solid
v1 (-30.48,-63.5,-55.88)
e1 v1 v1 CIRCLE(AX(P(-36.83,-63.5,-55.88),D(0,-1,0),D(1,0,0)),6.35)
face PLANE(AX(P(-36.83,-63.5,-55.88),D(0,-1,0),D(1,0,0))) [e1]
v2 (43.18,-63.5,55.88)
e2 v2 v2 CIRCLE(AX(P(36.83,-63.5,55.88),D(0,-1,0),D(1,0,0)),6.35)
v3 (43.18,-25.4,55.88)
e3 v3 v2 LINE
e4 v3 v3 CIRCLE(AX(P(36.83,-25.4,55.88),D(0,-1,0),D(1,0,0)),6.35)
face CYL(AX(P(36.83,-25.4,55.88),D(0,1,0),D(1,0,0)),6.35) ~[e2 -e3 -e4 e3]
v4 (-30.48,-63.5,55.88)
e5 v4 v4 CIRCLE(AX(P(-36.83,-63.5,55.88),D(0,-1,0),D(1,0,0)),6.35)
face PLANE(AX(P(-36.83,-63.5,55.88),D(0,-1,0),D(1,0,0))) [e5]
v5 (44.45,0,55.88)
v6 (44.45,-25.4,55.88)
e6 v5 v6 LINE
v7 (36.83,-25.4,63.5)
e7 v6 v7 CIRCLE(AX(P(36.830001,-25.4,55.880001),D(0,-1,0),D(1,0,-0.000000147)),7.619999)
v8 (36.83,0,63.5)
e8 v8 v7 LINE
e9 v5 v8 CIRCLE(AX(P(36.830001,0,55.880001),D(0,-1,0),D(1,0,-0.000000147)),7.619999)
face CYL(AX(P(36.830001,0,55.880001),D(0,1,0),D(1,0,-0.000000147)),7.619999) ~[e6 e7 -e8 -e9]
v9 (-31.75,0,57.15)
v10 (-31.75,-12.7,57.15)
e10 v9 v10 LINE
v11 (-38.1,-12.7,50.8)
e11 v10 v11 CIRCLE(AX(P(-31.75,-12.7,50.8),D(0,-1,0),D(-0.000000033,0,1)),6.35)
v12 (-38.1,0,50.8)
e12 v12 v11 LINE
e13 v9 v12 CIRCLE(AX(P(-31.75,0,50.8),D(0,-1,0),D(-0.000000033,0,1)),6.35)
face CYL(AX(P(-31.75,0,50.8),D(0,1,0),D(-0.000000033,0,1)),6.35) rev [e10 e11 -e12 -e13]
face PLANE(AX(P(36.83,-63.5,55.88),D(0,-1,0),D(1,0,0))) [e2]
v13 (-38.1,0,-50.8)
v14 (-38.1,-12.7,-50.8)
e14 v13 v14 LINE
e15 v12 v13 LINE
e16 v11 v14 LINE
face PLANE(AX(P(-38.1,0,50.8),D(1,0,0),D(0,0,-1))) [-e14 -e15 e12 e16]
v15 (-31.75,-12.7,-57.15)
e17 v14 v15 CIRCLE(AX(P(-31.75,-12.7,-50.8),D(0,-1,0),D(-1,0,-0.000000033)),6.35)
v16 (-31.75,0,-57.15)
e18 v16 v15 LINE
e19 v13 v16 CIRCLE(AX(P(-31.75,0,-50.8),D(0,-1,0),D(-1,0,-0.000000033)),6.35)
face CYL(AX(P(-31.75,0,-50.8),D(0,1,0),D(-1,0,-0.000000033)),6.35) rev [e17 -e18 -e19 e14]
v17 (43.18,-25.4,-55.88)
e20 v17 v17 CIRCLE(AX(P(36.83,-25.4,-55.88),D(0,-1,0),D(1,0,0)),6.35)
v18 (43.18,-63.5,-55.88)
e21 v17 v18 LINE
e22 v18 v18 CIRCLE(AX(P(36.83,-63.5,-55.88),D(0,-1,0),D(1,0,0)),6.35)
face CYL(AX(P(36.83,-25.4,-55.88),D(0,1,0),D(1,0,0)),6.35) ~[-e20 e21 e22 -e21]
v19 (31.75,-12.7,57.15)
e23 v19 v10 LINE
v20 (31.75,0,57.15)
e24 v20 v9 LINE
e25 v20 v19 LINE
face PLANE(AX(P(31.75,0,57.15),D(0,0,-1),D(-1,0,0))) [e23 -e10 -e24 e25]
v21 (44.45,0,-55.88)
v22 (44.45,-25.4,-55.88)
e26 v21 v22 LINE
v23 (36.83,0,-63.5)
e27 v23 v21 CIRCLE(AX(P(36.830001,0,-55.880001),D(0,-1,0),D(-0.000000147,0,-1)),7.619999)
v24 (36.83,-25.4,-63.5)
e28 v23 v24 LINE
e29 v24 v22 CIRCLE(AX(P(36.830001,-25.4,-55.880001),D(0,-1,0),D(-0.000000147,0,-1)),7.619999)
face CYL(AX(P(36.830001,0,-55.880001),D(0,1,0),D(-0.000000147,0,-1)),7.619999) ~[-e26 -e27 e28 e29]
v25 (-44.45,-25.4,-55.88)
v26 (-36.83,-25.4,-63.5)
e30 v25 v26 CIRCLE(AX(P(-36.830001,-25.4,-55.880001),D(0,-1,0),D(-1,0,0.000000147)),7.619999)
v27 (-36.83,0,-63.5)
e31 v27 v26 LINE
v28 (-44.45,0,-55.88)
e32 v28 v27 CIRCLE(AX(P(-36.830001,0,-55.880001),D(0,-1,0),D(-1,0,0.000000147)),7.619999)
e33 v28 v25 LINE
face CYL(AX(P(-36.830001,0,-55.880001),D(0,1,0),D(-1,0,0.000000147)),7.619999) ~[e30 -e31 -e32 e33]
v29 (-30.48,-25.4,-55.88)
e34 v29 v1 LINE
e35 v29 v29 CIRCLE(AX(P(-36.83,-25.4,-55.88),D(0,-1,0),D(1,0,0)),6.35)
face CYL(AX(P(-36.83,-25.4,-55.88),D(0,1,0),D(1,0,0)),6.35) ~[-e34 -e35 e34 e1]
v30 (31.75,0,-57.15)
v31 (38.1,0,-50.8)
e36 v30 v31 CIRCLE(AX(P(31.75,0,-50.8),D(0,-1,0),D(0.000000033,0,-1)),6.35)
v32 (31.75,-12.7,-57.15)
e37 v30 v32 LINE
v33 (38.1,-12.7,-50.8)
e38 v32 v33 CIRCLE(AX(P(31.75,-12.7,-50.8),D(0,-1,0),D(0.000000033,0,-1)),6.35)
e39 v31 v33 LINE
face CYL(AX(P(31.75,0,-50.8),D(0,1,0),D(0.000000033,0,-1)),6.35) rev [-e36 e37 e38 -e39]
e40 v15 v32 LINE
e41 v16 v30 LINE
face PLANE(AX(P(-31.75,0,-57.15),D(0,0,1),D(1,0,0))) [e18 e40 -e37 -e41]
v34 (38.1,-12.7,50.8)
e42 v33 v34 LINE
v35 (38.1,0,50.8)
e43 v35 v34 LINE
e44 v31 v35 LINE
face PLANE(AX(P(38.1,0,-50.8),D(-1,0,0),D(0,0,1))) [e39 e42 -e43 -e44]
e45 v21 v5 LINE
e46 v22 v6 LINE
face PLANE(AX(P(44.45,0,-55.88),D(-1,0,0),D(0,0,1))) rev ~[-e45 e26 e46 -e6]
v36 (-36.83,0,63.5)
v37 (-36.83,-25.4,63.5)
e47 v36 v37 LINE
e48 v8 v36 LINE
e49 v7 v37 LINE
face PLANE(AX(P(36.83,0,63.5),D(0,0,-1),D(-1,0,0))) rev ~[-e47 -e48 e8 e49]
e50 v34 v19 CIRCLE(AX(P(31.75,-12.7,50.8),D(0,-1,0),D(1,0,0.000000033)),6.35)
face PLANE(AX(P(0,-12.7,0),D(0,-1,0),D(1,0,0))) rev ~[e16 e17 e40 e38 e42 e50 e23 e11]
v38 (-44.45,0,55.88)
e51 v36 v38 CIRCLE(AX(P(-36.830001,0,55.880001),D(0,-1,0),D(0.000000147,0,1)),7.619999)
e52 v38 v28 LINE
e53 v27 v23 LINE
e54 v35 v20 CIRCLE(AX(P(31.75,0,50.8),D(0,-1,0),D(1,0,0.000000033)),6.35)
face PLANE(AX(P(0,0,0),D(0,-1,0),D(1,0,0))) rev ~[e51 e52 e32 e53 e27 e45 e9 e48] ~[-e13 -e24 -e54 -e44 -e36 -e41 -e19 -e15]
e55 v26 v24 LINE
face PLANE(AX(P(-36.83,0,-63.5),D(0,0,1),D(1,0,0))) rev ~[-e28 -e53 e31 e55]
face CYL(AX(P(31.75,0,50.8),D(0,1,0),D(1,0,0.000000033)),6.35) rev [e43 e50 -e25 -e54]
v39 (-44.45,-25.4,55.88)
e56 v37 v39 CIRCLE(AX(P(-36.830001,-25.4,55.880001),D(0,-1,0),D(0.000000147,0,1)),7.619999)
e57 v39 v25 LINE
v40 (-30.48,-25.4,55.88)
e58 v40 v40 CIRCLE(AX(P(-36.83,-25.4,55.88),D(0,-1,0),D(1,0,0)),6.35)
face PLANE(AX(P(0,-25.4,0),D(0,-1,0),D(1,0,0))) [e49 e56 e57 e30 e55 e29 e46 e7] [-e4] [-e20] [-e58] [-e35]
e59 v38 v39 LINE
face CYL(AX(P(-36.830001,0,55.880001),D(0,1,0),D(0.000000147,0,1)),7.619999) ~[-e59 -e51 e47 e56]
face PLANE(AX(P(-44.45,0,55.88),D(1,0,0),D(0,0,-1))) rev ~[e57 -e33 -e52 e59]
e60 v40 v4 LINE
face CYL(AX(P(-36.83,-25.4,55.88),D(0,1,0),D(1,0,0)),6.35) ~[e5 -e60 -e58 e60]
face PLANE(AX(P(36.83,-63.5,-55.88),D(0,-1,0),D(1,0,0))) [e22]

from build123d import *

# Parameters (mm, degrees)
F1_DEPTH = 25.4
F2_DEPTH = 12.7
F3_R     = 6.35
F4_DEPTH = 38.1


with BuildPart() as f1:
    # F0 (on Front) → F1 (new body)
    with BuildSketch(Plane.XZ):
        with BuildLine():
            ThreePointArc((44.45, 55.88), (42.218154, 61.268154), (36.83, 63.5))
            Line((36.83, 63.5), (-36.83, 63.5))
            ThreePointArc((-36.83, 63.5), (-42.218154, 61.268154), (-44.45, 55.88))
            Line((-44.45, 55.88), (-44.45, -55.88))
            ThreePointArc((-44.45, -55.88), (-42.218154, -61.268154), (-36.83, -63.5))
            Line((-36.83, -63.5), (36.83, -63.5))
            ThreePointArc((36.83, -63.5), (42.218154, -61.268154), (44.45, -55.88))
            Line((44.45, -55.88), (44.45, 55.88))
        make_face()
        with BuildLine():
            Line((-31.75, 57.15), (31.75, 57.15))
            ThreePointArc((31.75, 57.15), (36.240128, 55.290128), (38.1, 50.8))
            Line((38.1, 50.8), (38.1, -50.8))
            ThreePointArc((38.1, -50.8), (36.240128, -55.290128), (31.75, -57.15))
            Line((31.75, -57.15), (-31.75, -57.15))
            ThreePointArc((-31.75, -57.15), (-36.240128, -55.290128), (-38.1, -50.8))
            Line((-38.1, -50.8), (-38.1, 50.8))
            ThreePointArc((-38.1, 50.8), (-36.240128, 55.290128), (-31.75, 57.15))
        make_face(mode=Mode.SUBTRACT)
        with BuildLine():
            ThreePointArc((38.1, 50.8), (36.240128, 55.290128), (31.75, 57.15))
            Line((31.75, 57.15), (-31.75, 57.15))
            ThreePointArc((-31.75, 57.15), (-36.240128, 55.290128), (-38.1, 50.8))
            Line((-38.1, 50.8), (-38.1, -50.8))
            ThreePointArc((-38.1, -50.8), (-36.240128, -55.290128), (-31.75, -57.15))
            Line((-31.75, -57.15), (31.75, -57.15))
            ThreePointArc((31.75, -57.15), (36.240128, -55.290128), (38.1, -50.8))
            Line((38.1, -50.8), (38.1, 50.8))
        make_face()
    extrude(amount=F1_DEPTH)

    # F0 (on Front) → F2 (cut)
    with BuildSketch(Plane.XZ):
        with BuildLine():
            ThreePointArc((38.1, 50.8), (36.240128, 55.290128), (31.75, 57.15))
            Line((31.75, 57.15), (-31.75, 57.15))
            ThreePointArc((-31.75, 57.15), (-36.240128, 55.290128), (-38.1, 50.8))
            Line((-38.1, 50.8), (-38.1, -50.8))
            ThreePointArc((-38.1, -50.8), (-36.240128, -55.290128), (-31.75, -57.15))
            Line((-31.75, -57.15), (31.75, -57.15))
            ThreePointArc((31.75, -57.15), (36.240128, -55.290128), (38.1, -50.8))
            Line((38.1, -50.8), (38.1, 50.8))
        make_face()
    extrude(amount=F2_DEPTH, mode=Mode.SUBTRACT)

    # F3 (on face) → F4 (join)
    with BuildSketch(Plane.XZ.offset(25.4)):
        with Locations((-36.83, 55.88)):
            Circle(F3_R)
        with Locations((36.83, 55.88)):
            Circle(F3_R)
        with Locations((-36.83, -55.88)):
            Circle(F3_R)
        with Locations((36.83, -55.88)):
            Circle(F3_R)
    extrude(amount=F4_DEPTH)


solid = f1.part
